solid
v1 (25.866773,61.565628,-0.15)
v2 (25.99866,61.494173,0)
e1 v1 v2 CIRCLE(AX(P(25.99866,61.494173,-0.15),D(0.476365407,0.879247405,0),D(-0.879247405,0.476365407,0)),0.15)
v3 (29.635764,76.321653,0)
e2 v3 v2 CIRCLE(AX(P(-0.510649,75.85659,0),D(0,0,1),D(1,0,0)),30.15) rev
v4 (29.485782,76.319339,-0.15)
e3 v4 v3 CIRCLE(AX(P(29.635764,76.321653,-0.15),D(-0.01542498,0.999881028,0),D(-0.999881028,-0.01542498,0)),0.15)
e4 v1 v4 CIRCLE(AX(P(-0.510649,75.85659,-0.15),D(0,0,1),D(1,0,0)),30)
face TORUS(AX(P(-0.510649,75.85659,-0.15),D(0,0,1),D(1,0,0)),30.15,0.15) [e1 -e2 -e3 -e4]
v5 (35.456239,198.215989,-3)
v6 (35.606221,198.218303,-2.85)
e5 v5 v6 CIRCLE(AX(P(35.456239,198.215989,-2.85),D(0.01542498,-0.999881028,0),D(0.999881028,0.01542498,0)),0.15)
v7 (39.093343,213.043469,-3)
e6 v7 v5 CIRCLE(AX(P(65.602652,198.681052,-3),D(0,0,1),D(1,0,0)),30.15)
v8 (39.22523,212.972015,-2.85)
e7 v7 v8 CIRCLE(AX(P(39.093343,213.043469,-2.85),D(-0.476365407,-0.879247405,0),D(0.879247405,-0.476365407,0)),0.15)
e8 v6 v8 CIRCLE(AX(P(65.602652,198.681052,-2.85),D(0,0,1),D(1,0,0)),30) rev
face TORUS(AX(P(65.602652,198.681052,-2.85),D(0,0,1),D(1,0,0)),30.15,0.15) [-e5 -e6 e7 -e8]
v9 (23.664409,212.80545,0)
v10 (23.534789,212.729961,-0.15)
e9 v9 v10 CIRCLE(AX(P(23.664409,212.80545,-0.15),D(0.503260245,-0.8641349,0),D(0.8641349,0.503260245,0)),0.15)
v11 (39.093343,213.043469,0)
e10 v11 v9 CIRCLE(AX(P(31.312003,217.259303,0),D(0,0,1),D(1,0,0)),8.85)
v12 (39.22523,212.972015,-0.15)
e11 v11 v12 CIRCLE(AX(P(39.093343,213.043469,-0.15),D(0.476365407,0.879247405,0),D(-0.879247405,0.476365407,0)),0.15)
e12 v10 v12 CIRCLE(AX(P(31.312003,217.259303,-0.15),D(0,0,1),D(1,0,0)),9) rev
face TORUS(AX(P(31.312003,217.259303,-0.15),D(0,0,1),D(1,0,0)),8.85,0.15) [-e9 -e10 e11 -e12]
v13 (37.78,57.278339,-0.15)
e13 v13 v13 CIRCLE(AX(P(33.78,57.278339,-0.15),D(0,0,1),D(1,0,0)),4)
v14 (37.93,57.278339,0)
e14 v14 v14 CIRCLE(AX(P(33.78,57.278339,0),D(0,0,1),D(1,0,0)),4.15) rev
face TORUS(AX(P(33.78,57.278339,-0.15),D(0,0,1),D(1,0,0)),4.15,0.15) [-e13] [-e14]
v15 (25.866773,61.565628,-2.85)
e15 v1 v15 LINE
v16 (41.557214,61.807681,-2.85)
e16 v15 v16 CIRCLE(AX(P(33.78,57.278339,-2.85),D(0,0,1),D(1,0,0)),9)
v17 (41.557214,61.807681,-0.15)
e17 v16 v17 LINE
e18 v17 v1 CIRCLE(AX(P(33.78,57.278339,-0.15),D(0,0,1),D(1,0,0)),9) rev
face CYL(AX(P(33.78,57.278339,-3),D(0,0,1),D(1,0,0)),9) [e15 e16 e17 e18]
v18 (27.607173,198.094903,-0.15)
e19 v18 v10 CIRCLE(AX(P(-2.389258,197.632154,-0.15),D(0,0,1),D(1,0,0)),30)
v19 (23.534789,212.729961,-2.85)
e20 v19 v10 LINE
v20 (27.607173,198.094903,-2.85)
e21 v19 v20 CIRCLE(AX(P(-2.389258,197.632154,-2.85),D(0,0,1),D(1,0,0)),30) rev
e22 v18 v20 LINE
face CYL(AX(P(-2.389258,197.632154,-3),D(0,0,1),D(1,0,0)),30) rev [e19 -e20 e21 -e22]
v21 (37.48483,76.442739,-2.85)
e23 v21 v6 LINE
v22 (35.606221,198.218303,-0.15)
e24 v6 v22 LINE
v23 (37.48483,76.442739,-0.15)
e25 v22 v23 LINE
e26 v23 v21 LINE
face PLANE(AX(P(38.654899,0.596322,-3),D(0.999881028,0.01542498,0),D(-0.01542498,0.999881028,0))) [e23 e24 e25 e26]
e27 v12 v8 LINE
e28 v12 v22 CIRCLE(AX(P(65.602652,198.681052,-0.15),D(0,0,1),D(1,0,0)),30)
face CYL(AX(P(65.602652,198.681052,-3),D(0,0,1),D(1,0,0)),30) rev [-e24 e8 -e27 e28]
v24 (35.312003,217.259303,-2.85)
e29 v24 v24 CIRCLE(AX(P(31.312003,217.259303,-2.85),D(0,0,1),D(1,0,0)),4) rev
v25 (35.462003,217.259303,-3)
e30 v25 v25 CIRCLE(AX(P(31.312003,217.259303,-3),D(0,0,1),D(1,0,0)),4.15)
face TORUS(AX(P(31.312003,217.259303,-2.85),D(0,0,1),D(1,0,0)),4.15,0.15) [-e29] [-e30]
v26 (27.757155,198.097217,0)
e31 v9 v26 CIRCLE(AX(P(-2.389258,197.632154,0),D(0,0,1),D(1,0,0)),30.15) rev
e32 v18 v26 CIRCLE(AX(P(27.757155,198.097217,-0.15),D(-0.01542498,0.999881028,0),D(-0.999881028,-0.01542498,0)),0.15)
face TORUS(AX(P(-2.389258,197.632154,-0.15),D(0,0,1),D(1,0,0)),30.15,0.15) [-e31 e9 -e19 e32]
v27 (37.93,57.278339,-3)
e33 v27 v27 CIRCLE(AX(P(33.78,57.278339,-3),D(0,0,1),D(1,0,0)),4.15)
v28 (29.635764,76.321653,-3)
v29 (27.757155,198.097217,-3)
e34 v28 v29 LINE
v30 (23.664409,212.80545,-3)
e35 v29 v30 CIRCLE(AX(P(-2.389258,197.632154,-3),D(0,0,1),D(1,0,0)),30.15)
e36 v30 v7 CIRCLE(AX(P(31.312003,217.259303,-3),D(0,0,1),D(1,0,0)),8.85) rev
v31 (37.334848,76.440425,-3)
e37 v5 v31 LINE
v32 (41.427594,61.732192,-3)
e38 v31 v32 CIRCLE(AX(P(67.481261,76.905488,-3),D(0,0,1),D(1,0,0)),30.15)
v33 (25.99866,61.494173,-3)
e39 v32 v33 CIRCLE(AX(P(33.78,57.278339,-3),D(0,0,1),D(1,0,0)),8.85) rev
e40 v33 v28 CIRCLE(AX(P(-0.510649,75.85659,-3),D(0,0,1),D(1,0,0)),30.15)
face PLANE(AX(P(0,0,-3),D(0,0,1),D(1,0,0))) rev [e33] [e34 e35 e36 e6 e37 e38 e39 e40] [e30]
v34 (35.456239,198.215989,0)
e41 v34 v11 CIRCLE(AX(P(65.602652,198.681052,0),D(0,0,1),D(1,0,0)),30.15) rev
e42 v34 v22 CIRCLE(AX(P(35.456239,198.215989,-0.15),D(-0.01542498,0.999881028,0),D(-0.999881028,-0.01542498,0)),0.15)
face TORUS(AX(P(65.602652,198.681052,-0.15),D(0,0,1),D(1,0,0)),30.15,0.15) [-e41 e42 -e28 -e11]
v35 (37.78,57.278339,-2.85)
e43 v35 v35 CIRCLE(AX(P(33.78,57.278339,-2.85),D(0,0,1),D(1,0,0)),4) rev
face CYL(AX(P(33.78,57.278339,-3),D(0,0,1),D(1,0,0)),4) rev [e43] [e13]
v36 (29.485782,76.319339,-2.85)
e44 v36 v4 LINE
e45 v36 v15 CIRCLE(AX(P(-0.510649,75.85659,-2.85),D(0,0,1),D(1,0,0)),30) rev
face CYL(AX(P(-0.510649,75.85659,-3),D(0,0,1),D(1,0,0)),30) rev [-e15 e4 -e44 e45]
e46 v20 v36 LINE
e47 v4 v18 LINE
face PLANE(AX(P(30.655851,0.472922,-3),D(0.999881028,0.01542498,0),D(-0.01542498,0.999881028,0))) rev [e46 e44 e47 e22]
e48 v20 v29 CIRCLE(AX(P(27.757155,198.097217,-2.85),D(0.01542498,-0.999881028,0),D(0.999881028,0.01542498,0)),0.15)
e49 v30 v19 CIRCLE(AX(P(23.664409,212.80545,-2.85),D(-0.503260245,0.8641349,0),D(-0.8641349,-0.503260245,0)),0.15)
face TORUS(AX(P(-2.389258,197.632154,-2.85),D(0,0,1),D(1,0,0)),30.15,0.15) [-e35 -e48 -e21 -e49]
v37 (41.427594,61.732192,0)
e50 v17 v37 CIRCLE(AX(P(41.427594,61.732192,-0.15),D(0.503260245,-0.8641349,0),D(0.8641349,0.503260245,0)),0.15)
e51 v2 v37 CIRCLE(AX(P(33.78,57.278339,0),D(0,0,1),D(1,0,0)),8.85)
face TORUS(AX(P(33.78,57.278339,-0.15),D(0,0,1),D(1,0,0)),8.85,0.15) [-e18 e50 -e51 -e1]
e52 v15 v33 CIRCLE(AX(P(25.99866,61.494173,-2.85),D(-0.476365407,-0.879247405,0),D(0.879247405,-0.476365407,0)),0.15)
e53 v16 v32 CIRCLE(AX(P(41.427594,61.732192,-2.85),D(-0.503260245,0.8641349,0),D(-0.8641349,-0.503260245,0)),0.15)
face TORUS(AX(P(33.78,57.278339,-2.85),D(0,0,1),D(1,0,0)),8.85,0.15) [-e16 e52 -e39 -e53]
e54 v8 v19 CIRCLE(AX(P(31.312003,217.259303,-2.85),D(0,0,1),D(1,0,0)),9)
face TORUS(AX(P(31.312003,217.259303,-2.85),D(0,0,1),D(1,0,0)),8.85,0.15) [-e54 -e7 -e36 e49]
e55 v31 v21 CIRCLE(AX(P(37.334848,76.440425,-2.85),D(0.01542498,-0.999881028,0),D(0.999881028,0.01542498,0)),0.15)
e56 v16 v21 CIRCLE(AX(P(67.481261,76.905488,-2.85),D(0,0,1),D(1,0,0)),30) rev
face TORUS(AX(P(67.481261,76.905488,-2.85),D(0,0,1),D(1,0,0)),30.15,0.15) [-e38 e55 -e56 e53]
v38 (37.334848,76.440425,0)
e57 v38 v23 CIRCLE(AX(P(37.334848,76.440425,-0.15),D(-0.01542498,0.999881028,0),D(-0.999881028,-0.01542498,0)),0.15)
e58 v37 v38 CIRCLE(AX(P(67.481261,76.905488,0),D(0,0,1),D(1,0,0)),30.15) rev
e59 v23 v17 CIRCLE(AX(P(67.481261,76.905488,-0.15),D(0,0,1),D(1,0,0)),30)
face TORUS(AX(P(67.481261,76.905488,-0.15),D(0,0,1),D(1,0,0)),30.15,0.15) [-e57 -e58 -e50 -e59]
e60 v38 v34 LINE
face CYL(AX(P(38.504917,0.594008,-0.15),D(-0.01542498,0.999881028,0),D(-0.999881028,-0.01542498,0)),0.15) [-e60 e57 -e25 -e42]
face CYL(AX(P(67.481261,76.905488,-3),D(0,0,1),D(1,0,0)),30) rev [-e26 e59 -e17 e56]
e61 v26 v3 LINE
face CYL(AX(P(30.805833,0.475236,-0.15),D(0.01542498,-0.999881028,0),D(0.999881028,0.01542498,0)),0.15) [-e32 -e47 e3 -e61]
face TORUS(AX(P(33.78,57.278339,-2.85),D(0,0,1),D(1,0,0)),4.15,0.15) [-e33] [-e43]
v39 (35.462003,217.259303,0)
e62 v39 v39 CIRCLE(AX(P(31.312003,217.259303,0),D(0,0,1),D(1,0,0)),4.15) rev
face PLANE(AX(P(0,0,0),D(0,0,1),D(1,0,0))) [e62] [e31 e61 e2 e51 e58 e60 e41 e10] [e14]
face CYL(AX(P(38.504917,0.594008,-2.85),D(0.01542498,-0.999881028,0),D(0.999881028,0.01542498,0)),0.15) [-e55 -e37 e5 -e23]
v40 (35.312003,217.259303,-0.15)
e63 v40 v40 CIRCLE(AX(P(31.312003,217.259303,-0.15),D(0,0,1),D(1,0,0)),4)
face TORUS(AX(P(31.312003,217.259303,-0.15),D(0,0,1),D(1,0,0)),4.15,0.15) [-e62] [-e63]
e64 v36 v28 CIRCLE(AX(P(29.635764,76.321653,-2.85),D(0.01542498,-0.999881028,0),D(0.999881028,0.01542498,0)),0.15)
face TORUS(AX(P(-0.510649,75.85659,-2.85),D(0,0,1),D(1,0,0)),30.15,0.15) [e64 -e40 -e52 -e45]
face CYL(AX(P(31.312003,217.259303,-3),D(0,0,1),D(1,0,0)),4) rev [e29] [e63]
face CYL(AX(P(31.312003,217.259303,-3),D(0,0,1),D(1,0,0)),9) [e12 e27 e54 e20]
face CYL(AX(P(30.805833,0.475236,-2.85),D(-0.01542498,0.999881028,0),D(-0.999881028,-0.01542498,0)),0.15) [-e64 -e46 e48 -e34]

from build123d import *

# Parameters (mm, degrees)
BOSS_EXTRUDE1_DEPTH = 3
FILLET1_R           = 30
FILLET2_R           = 0.15


with BuildPart() as part:
    # Sketch2 → Boss-Extrude1 (new body)
    with BuildSketch(Plane.XY):
        with BuildLine():
            ThreePointArc((40.312003169, 217.259303311), (26.509736802, 224.871020446), (27.436839225, 209.136304824))
            Line((27.436839225, 209.136304824), (27.312479057, 217.197603389))
            ThreePointArc((27.312479057, 217.197603389), (31.250303247, 221.258827422), (35.31152728, 217.321003232))
            Line((35.31152728, 217.321003232), (35.435887448, 209.259704667))
            ThreePointArc((35.435887448, 209.259704667), (38.996889587, 212.575018868), (40.312003169, 217.259303311))
        make_face()
        with BuildLine():
            Line((31.37370309, 213.259779199), (31.450827992, 208.260374059))
            ThreePointArc((31.450827992, 208.260374059), (33.501144014, 208.529603295), (35.435887448, 209.259704667))
            Line((35.435887448, 209.259704667), (35.31152728, 217.321003232))
            ThreePointArc((35.31152728, 217.321003232), (34.183722222, 214.474841123), (31.37370309, 213.259779199))
        make_face()
        with BuildLine():
            ThreePointArc((27.436839225, 209.136304824), (29.393182911, 208.466230536), (31.450827992, 208.260374059))
            Line((31.450827992, 208.260374059), (31.37370309, 213.259779199))
            ThreePointArc((31.37370309, 213.259779199), (28.527540981, 214.387584257), (27.312479057, 217.197603389))
            Line((27.312479057, 217.197603389), (27.436839225, 209.136304824))
        make_face()
        with BuildLine():
            ThreePointArc((29.65611575, 65.277937502), (31.590859184, 66.008038874), (33.641175206, 66.27726811))
            Line((33.641175206, 66.27726811), (31.450827992, 208.260374059))
            ThreePointArc((31.450827992, 208.260374059), (29.393182911, 208.466230536), (27.436839225, 209.136304824))
            Line((27.436839225, 209.136304824), (29.65611575, 65.277937502))
        make_face()
        with BuildLine():
            Line((31.450827992, 208.260374059), (33.641175206, 66.27726811))
            ThreePointArc((33.641175206, 66.27726811), (35.698820288, 66.071411633), (37.655163974, 65.401337345))
            Line((37.655163974, 65.401337345), (35.435887448, 209.259704667))
            ThreePointArc((35.435887448, 209.259704667), (33.501144014, 208.529603295), (31.450827992, 208.260374059))
        make_face()
        with BuildLine():
            ThreePointArc((37.779524141, 57.34003878), (33.841699951, 53.278814747), (29.780475918, 57.216638937))
            Line((29.780475918, 57.216638937), (29.65611575, 65.277937502))
            ThreePointArc((29.65611575, 65.277937502), (29.095715587, 49.593452441), (42.78000003, 57.278338859))
            ThreePointArc((42.78000003, 57.278338859), (41.391717165, 62.080605225), (37.655163974, 65.401337345))
            Line((37.655163974, 65.401337345), (37.779524141, 57.34003878))
        make_face()
        with BuildLine():
            Line((33.641175206, 66.27726811), (33.718300108, 61.27786297))
            ThreePointArc((33.718300108, 61.27786297), (36.564462218, 60.150057912), (37.779524141, 57.34003878))
            Line((37.779524141, 57.34003878), (37.655163974, 65.401337345))
            ThreePointArc((37.655163974, 65.401337345), (35.698820288, 66.071411633), (33.641175206, 66.27726811))
        make_face()
        with BuildLine():
            ThreePointArc((29.780475918, 57.216638937), (30.908280976, 60.062801047), (33.718300108, 61.27786297))
            Line((33.718300108, 61.27786297), (33.641175206, 66.27726811))
            ThreePointArc((33.641175206, 66.27726811), (31.590859184, 66.008038874), (29.65611575, 65.277937502))
            Line((29.65611575, 65.277937502), (29.780475918, 57.216638937))
        make_face()
    extrude(amount=-BOSS_EXTRUDE1_DEPTH)

    # Fillet1
    fillet1_edges = [part.edges().sort_by_distance(p)[0] for p in [
        (29.65611575, 65.277937502, -1.5),
        (27.436839225, 209.136304824, -1.5),
        (35.435887448, 209.259704667, -1.5),
        (37.655163974, 65.401337345, -1.5),
    ]]
    fillet(fillet1_edges, radius=FILLET1_R)

    # Fillet2
    fillet2_edges = [part.edges().sort_by_distance(p)[0] for p in [
        (27.312479057, 217.197603389, -3),
        (28.546477487, 137.207121163, 0),
        (28.546477487, 137.207121163, -3),
        (31.568557037, 48.554261836, 0),
        (31.568557037, 48.554261836, -3),
        (36.545525711, 137.330521006, 0),
        (37.779524141, 57.34003878, -3),
        (36.545525711, 137.330521006, -3),
        (31.173178345, 226.258232562, 0),
        (31.173178345, 226.258232562, -3),
        (28.62559717, 68.70962022, 0),
        (28.62559717, 68.70962022, -3),
        (38.579337489, 68.863174738, 0),
        (38.579337489, 68.863174738, -3),
        (36.466406028, 205.828021949, 0),
        (36.466406028, 205.828021949, -3),
        (26.512665709, 205.674467431, 0),
        (26.512665709, 205.674467431, -3),
        (37.779524141, 57.34003878, 0),
        (27.312479057, 217.197603389, 0),
    ]]
    fillet(fillet2_edges, radius=FILLET2_R)


solid = part.part
